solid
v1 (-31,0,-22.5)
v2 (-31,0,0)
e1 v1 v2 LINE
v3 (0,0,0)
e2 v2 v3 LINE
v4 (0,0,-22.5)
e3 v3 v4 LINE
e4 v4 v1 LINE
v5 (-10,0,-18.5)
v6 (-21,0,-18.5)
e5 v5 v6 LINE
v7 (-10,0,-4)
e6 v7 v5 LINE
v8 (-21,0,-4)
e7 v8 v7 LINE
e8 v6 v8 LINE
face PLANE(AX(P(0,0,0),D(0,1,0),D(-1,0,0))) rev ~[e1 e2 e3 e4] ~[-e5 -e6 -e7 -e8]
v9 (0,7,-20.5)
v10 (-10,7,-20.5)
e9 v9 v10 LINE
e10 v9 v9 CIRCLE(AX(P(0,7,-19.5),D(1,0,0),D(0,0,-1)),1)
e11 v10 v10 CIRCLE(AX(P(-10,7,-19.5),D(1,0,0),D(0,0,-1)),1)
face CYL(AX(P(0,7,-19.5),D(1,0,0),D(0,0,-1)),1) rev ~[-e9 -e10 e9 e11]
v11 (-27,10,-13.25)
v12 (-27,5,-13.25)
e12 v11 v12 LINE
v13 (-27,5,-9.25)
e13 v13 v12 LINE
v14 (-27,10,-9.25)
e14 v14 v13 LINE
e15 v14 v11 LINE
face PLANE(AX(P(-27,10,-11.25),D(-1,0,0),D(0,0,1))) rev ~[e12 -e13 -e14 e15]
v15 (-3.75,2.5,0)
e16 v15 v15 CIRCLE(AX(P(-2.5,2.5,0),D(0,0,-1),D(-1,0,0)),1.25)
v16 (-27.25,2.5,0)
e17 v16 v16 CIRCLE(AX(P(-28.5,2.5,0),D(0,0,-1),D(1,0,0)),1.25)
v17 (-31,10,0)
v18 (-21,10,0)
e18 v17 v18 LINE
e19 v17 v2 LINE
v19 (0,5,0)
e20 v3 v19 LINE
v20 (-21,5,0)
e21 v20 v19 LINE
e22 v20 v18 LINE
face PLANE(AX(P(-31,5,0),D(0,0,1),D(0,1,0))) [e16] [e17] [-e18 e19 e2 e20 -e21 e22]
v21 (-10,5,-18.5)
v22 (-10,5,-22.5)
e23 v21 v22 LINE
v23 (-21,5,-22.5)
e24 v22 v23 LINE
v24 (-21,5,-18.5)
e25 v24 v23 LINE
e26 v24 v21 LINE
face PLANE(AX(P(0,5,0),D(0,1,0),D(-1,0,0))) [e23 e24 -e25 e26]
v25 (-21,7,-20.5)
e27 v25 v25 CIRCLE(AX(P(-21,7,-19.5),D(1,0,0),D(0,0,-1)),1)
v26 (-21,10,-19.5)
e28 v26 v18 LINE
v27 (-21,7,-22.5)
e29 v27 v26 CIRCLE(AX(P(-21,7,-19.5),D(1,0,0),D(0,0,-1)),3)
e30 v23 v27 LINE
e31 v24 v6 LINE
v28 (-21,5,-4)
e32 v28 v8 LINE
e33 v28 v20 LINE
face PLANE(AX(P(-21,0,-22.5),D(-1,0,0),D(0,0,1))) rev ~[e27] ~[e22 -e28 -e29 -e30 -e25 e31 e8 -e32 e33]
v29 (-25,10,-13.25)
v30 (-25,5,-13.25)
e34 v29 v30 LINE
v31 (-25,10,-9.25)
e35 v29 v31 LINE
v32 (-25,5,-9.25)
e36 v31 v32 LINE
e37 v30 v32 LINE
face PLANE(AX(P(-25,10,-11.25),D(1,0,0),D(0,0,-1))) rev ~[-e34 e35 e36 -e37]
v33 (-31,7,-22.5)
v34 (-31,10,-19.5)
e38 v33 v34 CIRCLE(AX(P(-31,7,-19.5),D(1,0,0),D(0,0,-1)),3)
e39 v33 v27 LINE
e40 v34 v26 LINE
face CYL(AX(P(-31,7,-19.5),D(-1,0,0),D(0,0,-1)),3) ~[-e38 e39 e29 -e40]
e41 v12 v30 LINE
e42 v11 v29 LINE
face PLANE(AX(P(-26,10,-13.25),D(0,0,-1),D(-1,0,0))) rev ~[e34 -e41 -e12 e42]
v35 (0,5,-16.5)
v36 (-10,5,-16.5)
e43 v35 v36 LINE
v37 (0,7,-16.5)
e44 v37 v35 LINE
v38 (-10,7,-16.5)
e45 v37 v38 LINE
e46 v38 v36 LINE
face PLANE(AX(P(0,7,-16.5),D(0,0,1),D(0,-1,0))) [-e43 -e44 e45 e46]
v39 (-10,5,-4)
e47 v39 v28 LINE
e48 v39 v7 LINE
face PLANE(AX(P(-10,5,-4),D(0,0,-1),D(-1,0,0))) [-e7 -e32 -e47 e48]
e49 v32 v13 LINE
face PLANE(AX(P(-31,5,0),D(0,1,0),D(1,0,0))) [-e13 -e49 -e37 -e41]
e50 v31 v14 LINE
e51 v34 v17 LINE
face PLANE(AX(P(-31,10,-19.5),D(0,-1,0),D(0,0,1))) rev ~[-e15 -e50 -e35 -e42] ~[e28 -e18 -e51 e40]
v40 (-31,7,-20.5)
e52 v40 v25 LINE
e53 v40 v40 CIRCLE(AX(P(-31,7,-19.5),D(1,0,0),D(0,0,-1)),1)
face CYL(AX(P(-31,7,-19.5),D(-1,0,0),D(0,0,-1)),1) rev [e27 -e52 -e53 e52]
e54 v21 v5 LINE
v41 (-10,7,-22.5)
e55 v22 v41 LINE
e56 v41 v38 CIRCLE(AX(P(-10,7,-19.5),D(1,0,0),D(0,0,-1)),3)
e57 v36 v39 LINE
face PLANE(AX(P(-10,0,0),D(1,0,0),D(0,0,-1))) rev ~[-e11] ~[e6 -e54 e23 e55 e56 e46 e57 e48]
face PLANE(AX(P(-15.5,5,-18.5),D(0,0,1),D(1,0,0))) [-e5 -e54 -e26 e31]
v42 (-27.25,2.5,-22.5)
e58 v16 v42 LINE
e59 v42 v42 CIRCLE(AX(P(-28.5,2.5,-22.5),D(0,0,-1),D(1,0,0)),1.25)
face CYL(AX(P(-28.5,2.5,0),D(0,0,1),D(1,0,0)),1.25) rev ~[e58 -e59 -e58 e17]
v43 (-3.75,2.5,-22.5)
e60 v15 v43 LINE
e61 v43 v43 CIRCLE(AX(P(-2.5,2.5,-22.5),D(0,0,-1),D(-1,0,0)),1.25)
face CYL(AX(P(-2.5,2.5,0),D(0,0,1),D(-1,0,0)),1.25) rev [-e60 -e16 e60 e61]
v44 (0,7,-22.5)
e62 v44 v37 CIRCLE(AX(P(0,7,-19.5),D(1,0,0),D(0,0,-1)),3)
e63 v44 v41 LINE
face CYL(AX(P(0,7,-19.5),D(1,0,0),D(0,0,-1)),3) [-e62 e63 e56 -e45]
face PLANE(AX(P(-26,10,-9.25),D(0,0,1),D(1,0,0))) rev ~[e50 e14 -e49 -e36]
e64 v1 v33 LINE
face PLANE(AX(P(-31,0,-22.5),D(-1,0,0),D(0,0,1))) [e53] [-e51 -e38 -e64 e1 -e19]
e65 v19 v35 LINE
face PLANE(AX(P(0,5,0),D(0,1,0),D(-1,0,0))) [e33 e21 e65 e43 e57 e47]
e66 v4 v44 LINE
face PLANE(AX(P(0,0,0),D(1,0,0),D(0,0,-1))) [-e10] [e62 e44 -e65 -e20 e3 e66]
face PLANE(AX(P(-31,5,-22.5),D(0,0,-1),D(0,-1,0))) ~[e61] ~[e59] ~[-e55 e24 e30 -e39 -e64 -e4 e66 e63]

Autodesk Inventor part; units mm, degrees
ref_plane "YZ Plane" through (0, 0, 0) normal (1, 0, 0) x (0, 1, 0)
ref_plane "XZ Plane" through (0, 0, 0) normal (0, 1, 0) x (-1, 0, 0)
ref_plane "XY Plane" through (0, 0, 0) normal (0, 0, 1) x (1, 0, 0)
sketch "Sketch1" plane through (0, 0, 0) normal (0, 1, 0) x (-1, 0, 0)
  line L0 (0, 0) -> (0, -22.5)
  line L1 (0, -22.5) -> (31, -22.5)
  line L2 (31, -22.5) -> (31, 0)
  line L3 (31, 0) -> (0, 0)
  dimension "d0" = 22.5
  dimension "d1" = 31
extrude "Extrusion1" add sketch "Sketch1" along normal blind 5
sketch "Sketch2" plane through (-31, 0, 0) normal (0, 0, 1) x (1, 0, 0)
  line L0 (0, 0) -> (31, 0) projected
  line L1 (31, 0) -> (31, 5) projected
  line L2 (0, 5) -> (31, 5) projected
  line L3 (0, 0) -> (0, 5) projected
  line L4 (0, 0) -> (0, 5) projected
  line L5 (0, 2.5) -> (2.5, 2.5)
  circle A0 centre (2.5, 2.5) radius 1.25
  dimension "d4" = 2.5
  dimension "d5" = 2.5
extrude "Extrusion2" cut sketch "Sketch2" against normal up to next contours A0
ref_plane "Work Plane1" through (-15.5, 0, 0) normal (1, 0, 0) x (0, 0, -1)
mirror "Mirror1" about plane through (-15.5, 0, 0) normal (1, 0, 0) of "Extrusion2"
sketch "Sketch3" plane through (0, 5, 0) normal (0, 1, 0) x (1, 0, 0)
  line L0 (0, 0) -> (0, 22.5) projected
  line L1 (0, 22.5) -> (-31, 22.5) projected
  line L2 (-31, 22.5) -> (-31, 0) projected
  line L3 (-31, 0) -> (0, 0) projected
  line L4 (0, 22.5) -> (-31, 22.5) projected
  line L5 (-15.5, 22.5) -> (-15.5, 18.5)
  line L6 (-31, 0) -> (0, 0) projected
  line L7 (-15.5, 0) -> (-15.5, 4)
  line L8 (-21, 18.5) -> (-10, 18.5)
  line L9 (-10, 18.5) -> (-10, 4)
  line L10 (-21, 4) -> (-21, 18.5)
  line L11 (-31, 22.5) -> (-31, 0) projected
  line L12 (-10, 4) -> (-15.5, 4)
  line L13 (-15.5, 4) -> (-21, 4)
  dimension "d8" = 4
  dimension "d9" = 4
  dimension "d11" = 11
extrude "Extrusion3" cut sketch "Sketch3" against normal up to next contours L13 L10 L8 L9 L12
sketch "Sketch4" plane through (0, 0, 0) normal (1, 0, 0) x (0, 0, -1)
  line L0 (0, 0) -> (22.5, 0) projected
  line L1 (22.5, 0) -> (22.5, 5) projected
  line L2 (0, 5) -> (22.5, 5) projected
  line L3 (0, 0) -> (0, 5) projected
  line L4 (0, 5) -> (22.5, 5) projected
  line L5 (22.5, 0) -> (22.5, 5) projected
  line L6 (22.5, 5) -> (22.5, 7)
  line L7 (22.5, 7) -> (19.5, 7)
  arc A0 (22.5, 7) -> (16.5, 7) centre (19.5, 7) ccw
  line L8 (16.5, 7) -> (16.5, 5)
  circle A1 centre (19.5, 7) radius 1
  dimension "d21" = 2
  dimension "d22" = 3
  dimension "d23" = 2
extrude "Extrusion4" add sketch "Sketch4" against normal blind 10 contours L2 L8 A0 L6
ref_plane "Work Plane2" through (-15.5, 0, -22.5) normal (-1, 0, 0) x (0, 0, 1)
mirror "Mirror2" about plane through (-15.5, 0, -22.5) normal (-1, 0, 0) of "Extrusion4"
sketch "Sketch6" plane through (-31, 0, -22.5) normal (-1, 0, 0) x (0, 0, 1)
  circle A0 centre (3, 7) radius 1 projected
  line L0 (0, 0) -> (22.5, 0) projected
  line L1 (22.5, 0) -> (22.5, 5) projected
  line L2 (6, 5) -> (22.5, 5) projected
  line L3 (6, 7) -> (6, 5) projected
  arc A1 (6, 7) -> (0, 7) centre (3, 7) ccw projected
  line L4 (0, 0) -> (0, 7) projected
  arc A2 (6, 7) -> (0, 7) centre (3, 7) ccw projected
  line L5 (3, 10) -> (22.5, 10)
  line L6 (6, 5) -> (22.5, 5) projected
  line L7 (22.5, 5) -> (22.5, 10)
extrude "Extrusion6" add sketch "Sketch6" against normal up to surface (10 mm away) contours L2 L3 A1 L5 L7
sketch "Sketch7" plane through (-31, 10, 0) normal (0, 1, 0) x (1, 0, 0)
  line L0 (10, 19.5) -> (10, 0) projected
  line L1 (10, 19.5) -> (0, 19.5) projected
  line L2 (0, 0) -> (0, 19.5) projected
  line L3 (0, 0) -> (10, 0) projected
  line L4 (6, 13.25) -> (4, 13.25)
  line L5 (4, 13.25) -> (4, 9.25)
  line L6 (4, 9.25) -> (6, 9.25)
  line L7 (6, 9.25) -> (6, 13.25)
  line L8 (0, 0) -> (0, 19.5) projected
  line L9 (0, 11.25) -> (4, 11.25)
  line L10 (6, 11.25) -> (10, 11.25)
  line L11 (10, 19.5) -> (10, 0) projected
  line L12 (0, 22.5) -> (10, 22.5) projected
  line L13 (5, 22.5) -> (5, 13.25)
  line L14 (5, 9.25) -> (5, 0)
  point P0 (31, 0)
  dimension "d28" = 2
  dimension "d29" = 4
extrude "Extrusion7" cut sketch "Sketch7" against normal blind 5 contours L7 L6 L5 L4
properties part number "Carriage"
